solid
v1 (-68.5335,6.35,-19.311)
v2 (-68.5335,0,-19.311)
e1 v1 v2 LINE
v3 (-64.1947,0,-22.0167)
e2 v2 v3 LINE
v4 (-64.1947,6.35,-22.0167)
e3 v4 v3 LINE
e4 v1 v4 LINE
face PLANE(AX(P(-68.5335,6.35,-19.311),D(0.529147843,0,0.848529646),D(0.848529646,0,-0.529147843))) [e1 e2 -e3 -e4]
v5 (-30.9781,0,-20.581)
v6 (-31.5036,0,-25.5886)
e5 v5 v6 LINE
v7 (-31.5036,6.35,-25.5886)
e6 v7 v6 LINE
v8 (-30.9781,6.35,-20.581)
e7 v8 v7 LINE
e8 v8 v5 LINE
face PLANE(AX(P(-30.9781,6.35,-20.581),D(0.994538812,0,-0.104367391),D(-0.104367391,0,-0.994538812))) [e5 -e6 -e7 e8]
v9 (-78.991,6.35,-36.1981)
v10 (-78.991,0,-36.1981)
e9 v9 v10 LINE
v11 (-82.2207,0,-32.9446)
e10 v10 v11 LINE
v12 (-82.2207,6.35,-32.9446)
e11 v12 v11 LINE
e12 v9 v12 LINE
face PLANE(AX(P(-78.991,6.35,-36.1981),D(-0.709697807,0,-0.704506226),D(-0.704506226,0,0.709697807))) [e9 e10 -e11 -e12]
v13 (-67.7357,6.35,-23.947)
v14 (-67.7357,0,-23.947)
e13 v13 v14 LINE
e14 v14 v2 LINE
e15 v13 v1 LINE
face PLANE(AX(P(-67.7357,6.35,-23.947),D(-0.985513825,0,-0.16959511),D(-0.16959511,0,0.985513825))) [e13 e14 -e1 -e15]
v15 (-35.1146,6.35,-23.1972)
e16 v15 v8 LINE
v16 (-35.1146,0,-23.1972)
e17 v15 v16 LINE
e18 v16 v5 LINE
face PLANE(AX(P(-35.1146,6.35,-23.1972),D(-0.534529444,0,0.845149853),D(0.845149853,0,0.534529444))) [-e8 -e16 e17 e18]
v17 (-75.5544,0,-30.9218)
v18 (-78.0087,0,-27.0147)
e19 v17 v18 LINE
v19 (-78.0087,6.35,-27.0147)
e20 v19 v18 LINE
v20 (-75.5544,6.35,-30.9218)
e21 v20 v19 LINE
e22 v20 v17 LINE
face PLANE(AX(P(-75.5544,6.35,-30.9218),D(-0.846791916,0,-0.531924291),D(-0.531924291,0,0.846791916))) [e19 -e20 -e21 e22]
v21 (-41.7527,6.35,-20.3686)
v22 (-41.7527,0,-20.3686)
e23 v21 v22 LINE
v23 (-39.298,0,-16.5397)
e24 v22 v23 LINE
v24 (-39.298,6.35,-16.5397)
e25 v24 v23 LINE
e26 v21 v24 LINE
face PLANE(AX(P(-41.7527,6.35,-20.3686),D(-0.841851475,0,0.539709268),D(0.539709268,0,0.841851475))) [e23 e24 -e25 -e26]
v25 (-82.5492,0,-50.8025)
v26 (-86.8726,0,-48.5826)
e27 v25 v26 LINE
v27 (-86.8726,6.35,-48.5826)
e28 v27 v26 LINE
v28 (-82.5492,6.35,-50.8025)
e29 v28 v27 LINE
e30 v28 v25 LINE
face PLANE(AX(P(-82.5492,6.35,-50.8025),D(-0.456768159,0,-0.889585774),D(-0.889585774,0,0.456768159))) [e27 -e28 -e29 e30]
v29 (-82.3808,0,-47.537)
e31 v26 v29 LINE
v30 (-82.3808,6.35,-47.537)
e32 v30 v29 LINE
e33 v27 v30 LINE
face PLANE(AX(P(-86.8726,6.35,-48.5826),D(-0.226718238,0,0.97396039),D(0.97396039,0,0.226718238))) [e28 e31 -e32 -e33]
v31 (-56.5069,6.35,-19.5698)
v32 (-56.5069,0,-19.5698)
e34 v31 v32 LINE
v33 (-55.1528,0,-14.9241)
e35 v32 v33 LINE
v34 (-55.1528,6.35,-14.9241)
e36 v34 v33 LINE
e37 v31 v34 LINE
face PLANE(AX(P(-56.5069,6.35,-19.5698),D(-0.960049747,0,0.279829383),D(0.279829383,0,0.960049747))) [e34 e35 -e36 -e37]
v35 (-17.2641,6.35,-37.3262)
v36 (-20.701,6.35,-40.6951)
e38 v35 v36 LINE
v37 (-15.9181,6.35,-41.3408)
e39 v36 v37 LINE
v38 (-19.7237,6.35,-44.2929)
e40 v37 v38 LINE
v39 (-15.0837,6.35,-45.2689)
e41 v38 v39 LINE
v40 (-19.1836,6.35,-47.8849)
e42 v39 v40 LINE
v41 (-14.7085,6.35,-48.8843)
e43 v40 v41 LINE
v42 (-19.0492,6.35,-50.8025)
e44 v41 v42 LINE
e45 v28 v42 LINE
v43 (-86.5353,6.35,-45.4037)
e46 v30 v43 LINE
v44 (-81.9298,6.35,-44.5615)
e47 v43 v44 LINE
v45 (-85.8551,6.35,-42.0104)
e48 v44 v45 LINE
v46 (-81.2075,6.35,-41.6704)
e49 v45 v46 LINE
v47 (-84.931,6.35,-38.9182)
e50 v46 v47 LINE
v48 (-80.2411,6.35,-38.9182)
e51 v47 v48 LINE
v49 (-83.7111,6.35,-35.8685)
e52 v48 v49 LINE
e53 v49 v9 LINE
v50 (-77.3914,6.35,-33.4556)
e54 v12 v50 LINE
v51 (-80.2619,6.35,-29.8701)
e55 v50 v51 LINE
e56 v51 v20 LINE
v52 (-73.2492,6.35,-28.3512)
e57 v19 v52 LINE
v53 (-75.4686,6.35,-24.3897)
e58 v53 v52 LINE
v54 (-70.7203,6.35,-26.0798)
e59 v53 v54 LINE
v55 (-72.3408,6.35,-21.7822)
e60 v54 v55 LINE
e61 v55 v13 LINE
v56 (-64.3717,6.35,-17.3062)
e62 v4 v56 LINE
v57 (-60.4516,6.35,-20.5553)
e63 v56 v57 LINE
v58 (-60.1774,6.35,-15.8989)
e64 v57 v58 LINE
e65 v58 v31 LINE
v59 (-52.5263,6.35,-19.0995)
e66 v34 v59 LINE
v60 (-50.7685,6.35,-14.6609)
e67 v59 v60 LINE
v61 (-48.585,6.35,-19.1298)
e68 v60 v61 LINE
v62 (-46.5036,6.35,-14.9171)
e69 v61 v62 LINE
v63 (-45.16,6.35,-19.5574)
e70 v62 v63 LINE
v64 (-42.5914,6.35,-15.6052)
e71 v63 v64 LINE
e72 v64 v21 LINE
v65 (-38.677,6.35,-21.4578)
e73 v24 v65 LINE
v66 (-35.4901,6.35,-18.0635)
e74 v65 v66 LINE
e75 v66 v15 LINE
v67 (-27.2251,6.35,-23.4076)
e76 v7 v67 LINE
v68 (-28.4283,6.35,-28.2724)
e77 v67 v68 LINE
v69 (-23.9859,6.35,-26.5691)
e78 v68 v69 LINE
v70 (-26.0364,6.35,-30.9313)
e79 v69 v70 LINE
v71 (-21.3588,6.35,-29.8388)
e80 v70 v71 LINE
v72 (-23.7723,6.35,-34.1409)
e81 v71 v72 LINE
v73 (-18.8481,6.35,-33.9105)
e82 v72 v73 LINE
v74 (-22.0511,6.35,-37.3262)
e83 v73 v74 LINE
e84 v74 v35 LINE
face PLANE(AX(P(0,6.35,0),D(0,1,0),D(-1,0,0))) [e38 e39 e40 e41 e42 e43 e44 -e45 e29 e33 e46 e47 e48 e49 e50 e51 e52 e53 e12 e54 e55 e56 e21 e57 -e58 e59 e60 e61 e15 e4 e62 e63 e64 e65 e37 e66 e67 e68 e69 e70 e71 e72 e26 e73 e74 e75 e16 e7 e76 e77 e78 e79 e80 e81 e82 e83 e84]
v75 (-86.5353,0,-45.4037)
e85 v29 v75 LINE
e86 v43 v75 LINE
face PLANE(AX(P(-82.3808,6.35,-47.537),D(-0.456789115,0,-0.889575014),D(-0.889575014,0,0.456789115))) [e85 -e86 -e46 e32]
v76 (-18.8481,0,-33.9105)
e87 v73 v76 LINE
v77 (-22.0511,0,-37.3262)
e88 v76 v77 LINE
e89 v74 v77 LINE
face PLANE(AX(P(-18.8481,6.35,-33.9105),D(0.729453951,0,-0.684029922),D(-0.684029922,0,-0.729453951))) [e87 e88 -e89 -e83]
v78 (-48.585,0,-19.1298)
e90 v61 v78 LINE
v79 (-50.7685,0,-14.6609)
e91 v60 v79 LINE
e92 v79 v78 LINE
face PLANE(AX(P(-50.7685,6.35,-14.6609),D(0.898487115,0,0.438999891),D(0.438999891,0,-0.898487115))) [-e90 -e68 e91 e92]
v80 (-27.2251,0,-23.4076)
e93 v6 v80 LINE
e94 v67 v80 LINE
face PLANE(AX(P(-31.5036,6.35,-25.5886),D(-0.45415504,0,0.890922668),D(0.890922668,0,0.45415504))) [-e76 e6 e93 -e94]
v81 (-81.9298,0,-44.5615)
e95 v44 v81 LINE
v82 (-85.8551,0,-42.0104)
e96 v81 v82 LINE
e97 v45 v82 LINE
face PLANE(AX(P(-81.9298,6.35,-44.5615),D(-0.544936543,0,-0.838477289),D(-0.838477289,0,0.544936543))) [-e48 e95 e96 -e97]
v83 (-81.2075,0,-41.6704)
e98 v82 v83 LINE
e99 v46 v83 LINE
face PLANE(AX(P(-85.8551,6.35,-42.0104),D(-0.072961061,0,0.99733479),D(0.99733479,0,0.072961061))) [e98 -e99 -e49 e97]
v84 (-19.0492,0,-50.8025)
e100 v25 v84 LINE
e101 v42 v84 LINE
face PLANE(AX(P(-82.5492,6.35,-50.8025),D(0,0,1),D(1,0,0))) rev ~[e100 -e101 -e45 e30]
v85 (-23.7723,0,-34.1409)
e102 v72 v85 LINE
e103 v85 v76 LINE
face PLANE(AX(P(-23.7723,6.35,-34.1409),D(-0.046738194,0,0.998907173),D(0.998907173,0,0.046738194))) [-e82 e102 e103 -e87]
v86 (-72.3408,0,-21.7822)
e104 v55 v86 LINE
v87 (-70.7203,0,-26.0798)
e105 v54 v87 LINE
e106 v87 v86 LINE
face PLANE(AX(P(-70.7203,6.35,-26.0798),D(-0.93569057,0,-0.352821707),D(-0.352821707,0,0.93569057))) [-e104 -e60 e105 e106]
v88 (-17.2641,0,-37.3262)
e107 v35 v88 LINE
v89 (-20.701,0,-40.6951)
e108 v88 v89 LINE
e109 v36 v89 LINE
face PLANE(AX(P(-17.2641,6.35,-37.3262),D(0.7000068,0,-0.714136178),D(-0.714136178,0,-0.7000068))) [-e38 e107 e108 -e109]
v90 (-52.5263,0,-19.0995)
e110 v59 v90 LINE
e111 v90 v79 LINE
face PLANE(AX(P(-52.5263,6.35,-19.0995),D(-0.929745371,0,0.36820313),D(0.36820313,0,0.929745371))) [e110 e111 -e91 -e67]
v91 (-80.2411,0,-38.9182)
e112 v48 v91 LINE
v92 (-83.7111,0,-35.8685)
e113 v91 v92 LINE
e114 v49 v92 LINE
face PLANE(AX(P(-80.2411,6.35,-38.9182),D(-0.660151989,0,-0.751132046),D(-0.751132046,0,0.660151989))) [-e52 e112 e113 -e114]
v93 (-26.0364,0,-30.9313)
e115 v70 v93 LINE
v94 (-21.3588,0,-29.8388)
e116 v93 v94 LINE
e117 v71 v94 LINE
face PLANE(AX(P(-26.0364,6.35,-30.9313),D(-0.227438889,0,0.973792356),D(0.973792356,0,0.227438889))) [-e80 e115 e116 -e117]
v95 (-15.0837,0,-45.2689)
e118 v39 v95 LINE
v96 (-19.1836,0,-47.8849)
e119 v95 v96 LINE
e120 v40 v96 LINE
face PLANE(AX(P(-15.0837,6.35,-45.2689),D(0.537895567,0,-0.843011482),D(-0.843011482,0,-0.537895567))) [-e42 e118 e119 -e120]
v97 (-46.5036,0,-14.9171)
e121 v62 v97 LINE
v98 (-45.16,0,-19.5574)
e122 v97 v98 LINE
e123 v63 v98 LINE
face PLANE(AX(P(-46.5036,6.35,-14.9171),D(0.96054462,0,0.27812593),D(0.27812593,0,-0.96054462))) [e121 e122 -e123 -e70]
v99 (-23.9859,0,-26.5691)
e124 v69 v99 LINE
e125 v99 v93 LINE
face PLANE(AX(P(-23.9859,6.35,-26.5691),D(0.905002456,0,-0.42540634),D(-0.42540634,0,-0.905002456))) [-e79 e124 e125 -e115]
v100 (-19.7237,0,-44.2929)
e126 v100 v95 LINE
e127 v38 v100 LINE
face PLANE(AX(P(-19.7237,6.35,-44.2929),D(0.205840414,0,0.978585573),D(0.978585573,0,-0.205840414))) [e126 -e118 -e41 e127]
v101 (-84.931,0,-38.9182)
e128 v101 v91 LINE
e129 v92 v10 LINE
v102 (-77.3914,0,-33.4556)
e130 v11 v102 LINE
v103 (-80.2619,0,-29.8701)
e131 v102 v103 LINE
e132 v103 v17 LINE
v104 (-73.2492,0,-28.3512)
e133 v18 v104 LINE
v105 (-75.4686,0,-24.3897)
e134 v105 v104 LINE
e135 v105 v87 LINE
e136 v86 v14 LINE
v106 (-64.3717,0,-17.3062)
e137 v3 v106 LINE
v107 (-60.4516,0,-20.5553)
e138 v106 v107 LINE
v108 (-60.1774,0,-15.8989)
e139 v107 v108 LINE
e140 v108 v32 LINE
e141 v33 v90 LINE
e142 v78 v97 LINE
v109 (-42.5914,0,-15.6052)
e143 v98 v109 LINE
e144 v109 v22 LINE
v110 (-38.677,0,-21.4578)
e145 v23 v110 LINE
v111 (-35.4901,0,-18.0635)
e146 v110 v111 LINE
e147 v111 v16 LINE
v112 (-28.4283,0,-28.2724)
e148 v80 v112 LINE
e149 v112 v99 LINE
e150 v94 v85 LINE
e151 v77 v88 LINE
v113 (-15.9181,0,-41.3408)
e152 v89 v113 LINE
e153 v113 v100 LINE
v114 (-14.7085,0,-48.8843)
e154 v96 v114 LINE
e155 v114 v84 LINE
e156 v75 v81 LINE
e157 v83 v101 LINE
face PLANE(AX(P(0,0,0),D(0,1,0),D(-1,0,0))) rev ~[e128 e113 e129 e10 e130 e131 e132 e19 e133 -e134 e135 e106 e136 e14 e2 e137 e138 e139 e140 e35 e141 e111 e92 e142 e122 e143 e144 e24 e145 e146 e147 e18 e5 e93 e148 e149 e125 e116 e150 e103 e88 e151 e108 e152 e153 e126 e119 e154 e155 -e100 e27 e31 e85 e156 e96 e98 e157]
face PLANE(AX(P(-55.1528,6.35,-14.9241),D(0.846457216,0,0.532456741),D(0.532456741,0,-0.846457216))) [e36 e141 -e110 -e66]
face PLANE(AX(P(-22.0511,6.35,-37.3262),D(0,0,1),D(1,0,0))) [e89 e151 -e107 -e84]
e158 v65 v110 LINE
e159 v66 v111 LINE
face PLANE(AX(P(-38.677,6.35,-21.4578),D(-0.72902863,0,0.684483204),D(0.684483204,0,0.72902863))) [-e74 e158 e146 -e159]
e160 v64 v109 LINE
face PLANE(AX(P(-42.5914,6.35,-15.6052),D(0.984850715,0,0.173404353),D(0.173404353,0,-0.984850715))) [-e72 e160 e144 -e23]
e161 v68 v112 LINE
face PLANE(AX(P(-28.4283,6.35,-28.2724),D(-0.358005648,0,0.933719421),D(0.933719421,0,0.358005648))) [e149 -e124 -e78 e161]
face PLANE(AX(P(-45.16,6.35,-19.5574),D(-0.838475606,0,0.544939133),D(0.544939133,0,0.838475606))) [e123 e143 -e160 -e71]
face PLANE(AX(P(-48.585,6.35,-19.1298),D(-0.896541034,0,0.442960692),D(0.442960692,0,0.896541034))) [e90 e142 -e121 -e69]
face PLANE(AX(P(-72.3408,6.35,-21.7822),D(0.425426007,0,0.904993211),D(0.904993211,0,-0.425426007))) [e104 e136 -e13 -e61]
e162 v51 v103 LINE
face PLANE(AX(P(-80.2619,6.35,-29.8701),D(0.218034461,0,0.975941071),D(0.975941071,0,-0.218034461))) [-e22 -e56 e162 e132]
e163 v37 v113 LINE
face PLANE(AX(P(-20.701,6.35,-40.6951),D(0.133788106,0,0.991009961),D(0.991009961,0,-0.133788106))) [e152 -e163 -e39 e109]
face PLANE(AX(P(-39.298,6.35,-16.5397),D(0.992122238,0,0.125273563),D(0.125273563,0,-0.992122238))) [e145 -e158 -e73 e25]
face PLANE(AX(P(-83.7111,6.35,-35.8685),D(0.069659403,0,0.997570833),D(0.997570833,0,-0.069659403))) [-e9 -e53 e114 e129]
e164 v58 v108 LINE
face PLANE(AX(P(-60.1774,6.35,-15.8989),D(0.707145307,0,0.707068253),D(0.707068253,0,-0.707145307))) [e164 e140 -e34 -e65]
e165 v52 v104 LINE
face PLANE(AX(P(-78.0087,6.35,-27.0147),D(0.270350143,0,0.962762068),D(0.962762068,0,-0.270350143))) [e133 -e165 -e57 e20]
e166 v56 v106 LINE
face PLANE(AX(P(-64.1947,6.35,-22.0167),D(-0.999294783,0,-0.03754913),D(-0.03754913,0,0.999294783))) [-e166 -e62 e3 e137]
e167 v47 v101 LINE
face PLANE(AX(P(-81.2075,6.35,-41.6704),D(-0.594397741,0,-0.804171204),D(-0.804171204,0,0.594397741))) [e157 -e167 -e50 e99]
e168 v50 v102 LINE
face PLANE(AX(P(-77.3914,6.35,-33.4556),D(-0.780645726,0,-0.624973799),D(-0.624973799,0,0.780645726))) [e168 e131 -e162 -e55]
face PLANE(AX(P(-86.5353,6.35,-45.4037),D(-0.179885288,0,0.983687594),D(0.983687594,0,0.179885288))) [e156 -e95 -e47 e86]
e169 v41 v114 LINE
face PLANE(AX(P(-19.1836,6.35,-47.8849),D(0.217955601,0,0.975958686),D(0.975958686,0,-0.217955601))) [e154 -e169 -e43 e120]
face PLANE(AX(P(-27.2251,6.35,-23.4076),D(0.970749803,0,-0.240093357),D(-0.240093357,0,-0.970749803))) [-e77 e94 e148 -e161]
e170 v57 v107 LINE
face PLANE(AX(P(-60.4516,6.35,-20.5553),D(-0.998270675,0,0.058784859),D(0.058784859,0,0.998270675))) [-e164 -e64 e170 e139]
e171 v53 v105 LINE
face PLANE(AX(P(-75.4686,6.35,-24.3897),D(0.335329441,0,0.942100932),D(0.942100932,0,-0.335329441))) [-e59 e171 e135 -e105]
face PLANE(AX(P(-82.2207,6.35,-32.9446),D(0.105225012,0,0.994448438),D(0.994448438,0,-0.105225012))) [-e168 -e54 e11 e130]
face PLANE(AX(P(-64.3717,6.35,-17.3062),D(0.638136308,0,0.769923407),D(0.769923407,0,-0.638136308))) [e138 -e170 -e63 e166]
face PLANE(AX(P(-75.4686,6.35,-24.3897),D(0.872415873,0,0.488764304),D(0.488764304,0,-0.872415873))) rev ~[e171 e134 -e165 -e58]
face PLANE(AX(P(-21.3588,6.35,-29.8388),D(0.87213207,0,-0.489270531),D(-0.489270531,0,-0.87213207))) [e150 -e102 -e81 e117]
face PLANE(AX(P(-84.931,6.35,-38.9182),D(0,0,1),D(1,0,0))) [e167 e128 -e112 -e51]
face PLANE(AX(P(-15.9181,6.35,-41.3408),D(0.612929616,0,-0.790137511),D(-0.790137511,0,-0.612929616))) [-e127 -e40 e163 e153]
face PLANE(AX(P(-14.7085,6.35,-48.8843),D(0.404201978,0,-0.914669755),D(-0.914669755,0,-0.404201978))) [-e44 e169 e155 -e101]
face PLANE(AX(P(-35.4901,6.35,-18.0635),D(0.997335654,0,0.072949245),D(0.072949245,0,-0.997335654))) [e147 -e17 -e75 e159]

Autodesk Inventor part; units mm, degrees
ref_plane "YZ Plane" through (0, 0, 0) normal (1, 0, 0) x (0, 1, 0)
ref_plane "XZ Plane" through (0, 0, 0) normal (0, 1, 0) x (-1, 0, 0)
ref_plane "XY Plane" through (0, 0, 0) normal (0, 0, 1) x (1, 0, 0)
sketch "Sketch1" plane through (0, 0, 0) normal (0, 1, 0) x (-1, 0, 0)
  line L0 (0, 0) -> (101.6, 0)
  line L1 (101.6, 0) -> (101.6, -101.6)
  line L2 (101.6, -101.6) -> (0, -101.6)
  line L3 (0, -101.6) -> (0, 0)
  dimension "d0" = 101.6
  dimension "d1" = 101.6
extrude "Extrusion1" add sketch "Sketch1" along normal blind 6.35 draft 0.25
sketch "Sketch2" plane through (0, 6.35, 0) normal (0, 1, 0) x (1, 0, 0)
  line L0 (-82.5492, 50.8025) -> (-86.8726, 48.5826)
  line L1 (-86.8726, 48.5826) -> (-82.3808, 47.537)
  line L2 (-82.3808, 47.537) -> (-86.5353, 45.4037)
  line L3 (-86.5353, 45.4037) -> (-81.9297, 44.5615)
  line L4 (-81.9297, 44.5615) -> (-85.8551, 42.0104)
  line L5 (-85.8551, 42.0104) -> (-81.2075, 41.6704)
  line L6 (-81.2075, 41.6704) -> (-84.931, 38.9182)
  line L7 (-84.931, 38.9182) -> (-80.2411, 38.9182)
  line L8 (-80.2411, 38.9182) -> (-83.7111, 35.8686)
  line L9 (-83.7111, 35.8686) -> (-78.9909, 36.1982)
  line L10 (-78.9909, 36.1982) -> (-82.2207, 32.9446)
  line L11 (-82.2207, 32.9446) -> (-77.3914, 33.4556)
  line L12 (-77.3914, 33.4556) -> (-80.2618, 29.8701)
  line L13 (-80.2618, 29.8701) -> (-75.5543, 30.9218)
  line L14 (-75.5543, 30.9218) -> (-78.0086, 27.0147)
  line L15 (-78.0086, 27.0147) -> (-73.2491, 28.3512)
  line L16 (-75.4686, 24.3897) -> (-70.7203, 26.0798)
  line L17 (-70.7203, 26.0798) -> (-72.3407, 21.7822)
  line L18 (-72.3407, 21.7822) -> (-67.7356, 23.947)
  line L19 (-67.7356, 23.947) -> (-68.5334, 19.3111)
  line L20 (-68.5334, 19.3111) -> (-64.1946, 22.0167)
  line L21 (-64.1946, 22.0167) -> (-64.3717, 17.3062)
  line L22 (-64.3717, 17.3062) -> (-60.4516, 20.5554)
  line L23 (-60.4516, 20.5554) -> (-60.1774, 15.8989)
  line L24 (-60.1774, 15.8989) -> (-56.5068, 19.5698)
  line L25 (-56.5068, 19.5698) -> (-55.1527, 14.9241)
  line L26 (-55.1527, 14.9241) -> (-52.5263, 19.0996)
  line L27 (-52.5263, 19.0996) -> (-50.7684, 14.6609)
  line L28 (-50.7684, 14.6609) -> (-48.585, 19.1298)
  line L29 (-48.585, 19.1298) -> (-46.5035, 14.9171)
  line L30 (-46.5035, 14.9171) -> (-45.1599, 19.5574)
  line L31 (-45.1599, 19.5574) -> (-42.5914, 15.6053)
  line L32 (-42.5914, 15.6053) -> (-41.7527, 20.3686)
  line L33 (-41.7527, 20.3686) -> (-39.298, 16.5397)
  line L34 (-39.298, 16.5397) -> (-38.6769, 21.4578)
  line L35 (-38.6769, 21.4578) -> (-35.49, 18.0635)
  line L36 (-35.49, 18.0635) -> (-35.1146, 23.1972)
  line L37 (-35.1146, 23.1972) -> (-30.9781, 20.581)
  line L38 (-30.9781, 20.581) -> (-31.5036, 25.5886)
  line L39 (-31.5036, 25.5886) -> (-27.2251, 23.4077)
  line L40 (-27.2251, 23.4077) -> (-28.4283, 28.2724)
  line L41 (-28.4283, 28.2724) -> (-23.9858, 26.5691)
  line L42 (-23.9858, 26.5691) -> (-26.0364, 30.9313)
  line L43 (-26.0364, 30.9313) -> (-21.3587, 29.8388)
  line L44 (-21.3587, 29.8388) -> (-23.7723, 34.1409)
  line L45 (-23.7723, 34.1409) -> (-18.848, 33.9105)
  line L46 (-18.848, 33.9105) -> (-22.0511, 37.3262)
  line L47 (-22.0511, 37.3262) -> (-17.264, 37.3262)
  line L48 (-17.264, 37.3262) -> (-20.7009, 40.6952)
  line L49 (-20.7009, 40.6952) -> (-15.918, 41.3408)
  line L50 (-15.918, 41.3408) -> (-19.7237, 44.293)
  line L51 (-19.7237, 44.293) -> (-15.0837, 45.2689)
  line L52 (-15.0837, 45.2689) -> (-19.1835, 47.8849)
  line L53 (-19.1835, 47.8849) -> (-14.7085, 48.8843)
  line L54 (-14.7085, 48.8843) -> (-19.0492, 50.8025)
  line L55 (-75.4686, 24.3897) -> (-73.2491, 28.3512)
  circle A0 centre (-50.8, 50.8) radius 31.7508
  circle A1 centre (-50.8, 50.8) radius 37.6285
  line L56 (-101.6277, 101.6277) -> (0.0277, 101.6277) projected
  line L57 (0.0277, 101.6277) -> (0.0277, -0.0277) projected
  line L58 (-101.6277, 101.6277) -> (0.0277, 101.6277)
  line L59 (0.0277, 101.6277) -> (0.0277, -0.0277)
  line L60 (0.0277, -0.0277) -> (-101.6277, -0.0277) projected
  line L61 (0.0277, -0.0277) -> (-101.6277, -0.0277)
  line L62 (-101.6277, -0.0277) -> (-101.6277, 101.6277)
extrude "Extrusion2" cut sketch "Sketch2" against normal blind 6.35 contours L56 L57 L60 L62
sketch "Sketch3" plane through (-50.8, 6.35, -50.8) normal (0, 1, 0) x (1, 0, 0)
  line L0 (-31.7492, 0.0025) -> (-36.0726, -2.2174)
  line L1 (-36.0726, -2.2174) -> (-31.5808, -3.263)
  line L2 (-31.5808, -3.263) -> (-35.7353, -5.3963)
  line L3 (-35.7353, -5.3963) -> (-31.1298, -6.2385)
  line L4 (-31.1298, -6.2385) -> (-35.0551, -8.7896)
  line L5 (-35.0551, -8.7896) -> (-30.4075, -9.1296)
  line L6 (-30.4075, -9.1296) -> (-34.131, -11.8818)
  line L7 (-34.131, -11.8818) -> (-29.4411, -11.8818)
  line L8 (-29.4411, -11.8818) -> (-32.9111, -14.9315)
  line L9 (-32.9111, -14.9315) -> (-28.191, -14.6019)
  line L10 (-28.191, -14.6019) -> (-31.4207, -17.8554)
  line L11 (-31.4207, -17.8554) -> (-26.5914, -17.3444)
  line L12 (-26.5914, -17.3444) -> (-29.4619, -20.9299)
  line L13 (-29.4619, -20.9299) -> (-24.7544, -19.8782)
  line L14 (-24.7544, -19.8782) -> (-27.2087, -23.7853)
  line L15 (-27.2087, -23.7853) -> (-22.4492, -22.4488)
  line L16 (-24.6686, -26.4103) -> (-19.9203, -24.7202)
  line L17 (-19.9203, -24.7202) -> (-21.5408, -29.0178)
  line L18 (-21.5408, -29.0178) -> (-16.9357, -26.853)
  line L19 (-16.9357, -26.853) -> (-17.7335, -31.489)
  line L20 (-17.7335, -31.489) -> (-13.3947, -28.7833)
  line L21 (-13.3947, -28.7833) -> (-13.5717, -33.4938)
  line L22 (-13.5717, -33.4938) -> (-9.6516, -30.2447)
  line L23 (-9.6516, -30.2447) -> (-9.3774, -34.9011)
  line L24 (-9.3774, -34.9011) -> (-5.7069, -31.2302)
  line L25 (-5.7069, -31.2302) -> (-4.3528, -35.8759)
  line L26 (-4.3528, -35.8759) -> (-1.7263, -31.7005)
  line L27 (-1.7263, -31.7005) -> (0.0315, -36.1391)
  line L28 (0.0315, -36.1391) -> (2.215, -31.6702)
  line L29 (2.215, -31.6702) -> (4.2964, -35.8829)
  line L30 (4.2964, -35.8829) -> (5.64, -31.2426)
  line L31 (5.64, -31.2426) -> (8.2086, -35.1948)
  line L32 (8.2086, -35.1948) -> (9.0473, -30.4314)
  line L33 (9.0473, -30.4314) -> (11.502, -34.2603)
  line L34 (11.502, -34.2603) -> (12.123, -29.3422)
  line L35 (12.123, -29.3422) -> (15.3099, -32.7365)
  line L36 (15.3099, -32.7365) -> (15.6854, -27.6028)
  line L37 (15.6854, -27.6028) -> (19.8219, -30.219)
  line L38 (19.8219, -30.219) -> (19.2964, -25.2114)
  line L39 (19.2964, -25.2114) -> (23.5749, -27.3924)
  line L40 (23.5749, -27.3924) -> (22.3717, -22.5276)
  line L41 (22.3717, -22.5276) -> (26.8141, -24.2309)
  line L42 (26.8141, -24.2309) -> (24.7636, -19.8687)
  line L43 (24.7636, -19.8687) -> (29.4412, -20.9612)
  line L44 (29.4412, -20.9612) -> (27.0277, -16.6591)
  line L45 (27.0277, -16.6591) -> (31.9519, -16.8895)
  line L46 (31.9519, -16.8895) -> (28.7489, -13.4738)
  line L47 (28.7489, -13.4738) -> (33.5359, -13.4738)
  line L48 (33.5359, -13.4738) -> (30.099, -10.1049)
  line L49 (30.099, -10.1049) -> (34.8819, -9.4592)
  line L50 (34.8819, -9.4592) -> (31.0763, -6.5071)
  line L51 (31.0763, -6.5071) -> (35.7163, -5.5311)
  line L52 (35.7163, -5.5311) -> (31.6164, -2.9151)
  line L53 (31.6164, -2.9151) -> (36.0915, -1.9157)
  line L54 (36.0915, -1.9157) -> (31.7508, 0.0025)
  line L55 (-24.6686, -26.4103) -> (-22.4492, -22.4488)
  line L56 (-31.7492, 0.0025) -> (31.7508, 0.0025)
  circle A0 centre (0.0008, 0.0025) radius 37.6862
  point P0 (50.8, -50.8)
extrude "Extrusion3" cut sketch "Sketch3" against normal blind 6.35
